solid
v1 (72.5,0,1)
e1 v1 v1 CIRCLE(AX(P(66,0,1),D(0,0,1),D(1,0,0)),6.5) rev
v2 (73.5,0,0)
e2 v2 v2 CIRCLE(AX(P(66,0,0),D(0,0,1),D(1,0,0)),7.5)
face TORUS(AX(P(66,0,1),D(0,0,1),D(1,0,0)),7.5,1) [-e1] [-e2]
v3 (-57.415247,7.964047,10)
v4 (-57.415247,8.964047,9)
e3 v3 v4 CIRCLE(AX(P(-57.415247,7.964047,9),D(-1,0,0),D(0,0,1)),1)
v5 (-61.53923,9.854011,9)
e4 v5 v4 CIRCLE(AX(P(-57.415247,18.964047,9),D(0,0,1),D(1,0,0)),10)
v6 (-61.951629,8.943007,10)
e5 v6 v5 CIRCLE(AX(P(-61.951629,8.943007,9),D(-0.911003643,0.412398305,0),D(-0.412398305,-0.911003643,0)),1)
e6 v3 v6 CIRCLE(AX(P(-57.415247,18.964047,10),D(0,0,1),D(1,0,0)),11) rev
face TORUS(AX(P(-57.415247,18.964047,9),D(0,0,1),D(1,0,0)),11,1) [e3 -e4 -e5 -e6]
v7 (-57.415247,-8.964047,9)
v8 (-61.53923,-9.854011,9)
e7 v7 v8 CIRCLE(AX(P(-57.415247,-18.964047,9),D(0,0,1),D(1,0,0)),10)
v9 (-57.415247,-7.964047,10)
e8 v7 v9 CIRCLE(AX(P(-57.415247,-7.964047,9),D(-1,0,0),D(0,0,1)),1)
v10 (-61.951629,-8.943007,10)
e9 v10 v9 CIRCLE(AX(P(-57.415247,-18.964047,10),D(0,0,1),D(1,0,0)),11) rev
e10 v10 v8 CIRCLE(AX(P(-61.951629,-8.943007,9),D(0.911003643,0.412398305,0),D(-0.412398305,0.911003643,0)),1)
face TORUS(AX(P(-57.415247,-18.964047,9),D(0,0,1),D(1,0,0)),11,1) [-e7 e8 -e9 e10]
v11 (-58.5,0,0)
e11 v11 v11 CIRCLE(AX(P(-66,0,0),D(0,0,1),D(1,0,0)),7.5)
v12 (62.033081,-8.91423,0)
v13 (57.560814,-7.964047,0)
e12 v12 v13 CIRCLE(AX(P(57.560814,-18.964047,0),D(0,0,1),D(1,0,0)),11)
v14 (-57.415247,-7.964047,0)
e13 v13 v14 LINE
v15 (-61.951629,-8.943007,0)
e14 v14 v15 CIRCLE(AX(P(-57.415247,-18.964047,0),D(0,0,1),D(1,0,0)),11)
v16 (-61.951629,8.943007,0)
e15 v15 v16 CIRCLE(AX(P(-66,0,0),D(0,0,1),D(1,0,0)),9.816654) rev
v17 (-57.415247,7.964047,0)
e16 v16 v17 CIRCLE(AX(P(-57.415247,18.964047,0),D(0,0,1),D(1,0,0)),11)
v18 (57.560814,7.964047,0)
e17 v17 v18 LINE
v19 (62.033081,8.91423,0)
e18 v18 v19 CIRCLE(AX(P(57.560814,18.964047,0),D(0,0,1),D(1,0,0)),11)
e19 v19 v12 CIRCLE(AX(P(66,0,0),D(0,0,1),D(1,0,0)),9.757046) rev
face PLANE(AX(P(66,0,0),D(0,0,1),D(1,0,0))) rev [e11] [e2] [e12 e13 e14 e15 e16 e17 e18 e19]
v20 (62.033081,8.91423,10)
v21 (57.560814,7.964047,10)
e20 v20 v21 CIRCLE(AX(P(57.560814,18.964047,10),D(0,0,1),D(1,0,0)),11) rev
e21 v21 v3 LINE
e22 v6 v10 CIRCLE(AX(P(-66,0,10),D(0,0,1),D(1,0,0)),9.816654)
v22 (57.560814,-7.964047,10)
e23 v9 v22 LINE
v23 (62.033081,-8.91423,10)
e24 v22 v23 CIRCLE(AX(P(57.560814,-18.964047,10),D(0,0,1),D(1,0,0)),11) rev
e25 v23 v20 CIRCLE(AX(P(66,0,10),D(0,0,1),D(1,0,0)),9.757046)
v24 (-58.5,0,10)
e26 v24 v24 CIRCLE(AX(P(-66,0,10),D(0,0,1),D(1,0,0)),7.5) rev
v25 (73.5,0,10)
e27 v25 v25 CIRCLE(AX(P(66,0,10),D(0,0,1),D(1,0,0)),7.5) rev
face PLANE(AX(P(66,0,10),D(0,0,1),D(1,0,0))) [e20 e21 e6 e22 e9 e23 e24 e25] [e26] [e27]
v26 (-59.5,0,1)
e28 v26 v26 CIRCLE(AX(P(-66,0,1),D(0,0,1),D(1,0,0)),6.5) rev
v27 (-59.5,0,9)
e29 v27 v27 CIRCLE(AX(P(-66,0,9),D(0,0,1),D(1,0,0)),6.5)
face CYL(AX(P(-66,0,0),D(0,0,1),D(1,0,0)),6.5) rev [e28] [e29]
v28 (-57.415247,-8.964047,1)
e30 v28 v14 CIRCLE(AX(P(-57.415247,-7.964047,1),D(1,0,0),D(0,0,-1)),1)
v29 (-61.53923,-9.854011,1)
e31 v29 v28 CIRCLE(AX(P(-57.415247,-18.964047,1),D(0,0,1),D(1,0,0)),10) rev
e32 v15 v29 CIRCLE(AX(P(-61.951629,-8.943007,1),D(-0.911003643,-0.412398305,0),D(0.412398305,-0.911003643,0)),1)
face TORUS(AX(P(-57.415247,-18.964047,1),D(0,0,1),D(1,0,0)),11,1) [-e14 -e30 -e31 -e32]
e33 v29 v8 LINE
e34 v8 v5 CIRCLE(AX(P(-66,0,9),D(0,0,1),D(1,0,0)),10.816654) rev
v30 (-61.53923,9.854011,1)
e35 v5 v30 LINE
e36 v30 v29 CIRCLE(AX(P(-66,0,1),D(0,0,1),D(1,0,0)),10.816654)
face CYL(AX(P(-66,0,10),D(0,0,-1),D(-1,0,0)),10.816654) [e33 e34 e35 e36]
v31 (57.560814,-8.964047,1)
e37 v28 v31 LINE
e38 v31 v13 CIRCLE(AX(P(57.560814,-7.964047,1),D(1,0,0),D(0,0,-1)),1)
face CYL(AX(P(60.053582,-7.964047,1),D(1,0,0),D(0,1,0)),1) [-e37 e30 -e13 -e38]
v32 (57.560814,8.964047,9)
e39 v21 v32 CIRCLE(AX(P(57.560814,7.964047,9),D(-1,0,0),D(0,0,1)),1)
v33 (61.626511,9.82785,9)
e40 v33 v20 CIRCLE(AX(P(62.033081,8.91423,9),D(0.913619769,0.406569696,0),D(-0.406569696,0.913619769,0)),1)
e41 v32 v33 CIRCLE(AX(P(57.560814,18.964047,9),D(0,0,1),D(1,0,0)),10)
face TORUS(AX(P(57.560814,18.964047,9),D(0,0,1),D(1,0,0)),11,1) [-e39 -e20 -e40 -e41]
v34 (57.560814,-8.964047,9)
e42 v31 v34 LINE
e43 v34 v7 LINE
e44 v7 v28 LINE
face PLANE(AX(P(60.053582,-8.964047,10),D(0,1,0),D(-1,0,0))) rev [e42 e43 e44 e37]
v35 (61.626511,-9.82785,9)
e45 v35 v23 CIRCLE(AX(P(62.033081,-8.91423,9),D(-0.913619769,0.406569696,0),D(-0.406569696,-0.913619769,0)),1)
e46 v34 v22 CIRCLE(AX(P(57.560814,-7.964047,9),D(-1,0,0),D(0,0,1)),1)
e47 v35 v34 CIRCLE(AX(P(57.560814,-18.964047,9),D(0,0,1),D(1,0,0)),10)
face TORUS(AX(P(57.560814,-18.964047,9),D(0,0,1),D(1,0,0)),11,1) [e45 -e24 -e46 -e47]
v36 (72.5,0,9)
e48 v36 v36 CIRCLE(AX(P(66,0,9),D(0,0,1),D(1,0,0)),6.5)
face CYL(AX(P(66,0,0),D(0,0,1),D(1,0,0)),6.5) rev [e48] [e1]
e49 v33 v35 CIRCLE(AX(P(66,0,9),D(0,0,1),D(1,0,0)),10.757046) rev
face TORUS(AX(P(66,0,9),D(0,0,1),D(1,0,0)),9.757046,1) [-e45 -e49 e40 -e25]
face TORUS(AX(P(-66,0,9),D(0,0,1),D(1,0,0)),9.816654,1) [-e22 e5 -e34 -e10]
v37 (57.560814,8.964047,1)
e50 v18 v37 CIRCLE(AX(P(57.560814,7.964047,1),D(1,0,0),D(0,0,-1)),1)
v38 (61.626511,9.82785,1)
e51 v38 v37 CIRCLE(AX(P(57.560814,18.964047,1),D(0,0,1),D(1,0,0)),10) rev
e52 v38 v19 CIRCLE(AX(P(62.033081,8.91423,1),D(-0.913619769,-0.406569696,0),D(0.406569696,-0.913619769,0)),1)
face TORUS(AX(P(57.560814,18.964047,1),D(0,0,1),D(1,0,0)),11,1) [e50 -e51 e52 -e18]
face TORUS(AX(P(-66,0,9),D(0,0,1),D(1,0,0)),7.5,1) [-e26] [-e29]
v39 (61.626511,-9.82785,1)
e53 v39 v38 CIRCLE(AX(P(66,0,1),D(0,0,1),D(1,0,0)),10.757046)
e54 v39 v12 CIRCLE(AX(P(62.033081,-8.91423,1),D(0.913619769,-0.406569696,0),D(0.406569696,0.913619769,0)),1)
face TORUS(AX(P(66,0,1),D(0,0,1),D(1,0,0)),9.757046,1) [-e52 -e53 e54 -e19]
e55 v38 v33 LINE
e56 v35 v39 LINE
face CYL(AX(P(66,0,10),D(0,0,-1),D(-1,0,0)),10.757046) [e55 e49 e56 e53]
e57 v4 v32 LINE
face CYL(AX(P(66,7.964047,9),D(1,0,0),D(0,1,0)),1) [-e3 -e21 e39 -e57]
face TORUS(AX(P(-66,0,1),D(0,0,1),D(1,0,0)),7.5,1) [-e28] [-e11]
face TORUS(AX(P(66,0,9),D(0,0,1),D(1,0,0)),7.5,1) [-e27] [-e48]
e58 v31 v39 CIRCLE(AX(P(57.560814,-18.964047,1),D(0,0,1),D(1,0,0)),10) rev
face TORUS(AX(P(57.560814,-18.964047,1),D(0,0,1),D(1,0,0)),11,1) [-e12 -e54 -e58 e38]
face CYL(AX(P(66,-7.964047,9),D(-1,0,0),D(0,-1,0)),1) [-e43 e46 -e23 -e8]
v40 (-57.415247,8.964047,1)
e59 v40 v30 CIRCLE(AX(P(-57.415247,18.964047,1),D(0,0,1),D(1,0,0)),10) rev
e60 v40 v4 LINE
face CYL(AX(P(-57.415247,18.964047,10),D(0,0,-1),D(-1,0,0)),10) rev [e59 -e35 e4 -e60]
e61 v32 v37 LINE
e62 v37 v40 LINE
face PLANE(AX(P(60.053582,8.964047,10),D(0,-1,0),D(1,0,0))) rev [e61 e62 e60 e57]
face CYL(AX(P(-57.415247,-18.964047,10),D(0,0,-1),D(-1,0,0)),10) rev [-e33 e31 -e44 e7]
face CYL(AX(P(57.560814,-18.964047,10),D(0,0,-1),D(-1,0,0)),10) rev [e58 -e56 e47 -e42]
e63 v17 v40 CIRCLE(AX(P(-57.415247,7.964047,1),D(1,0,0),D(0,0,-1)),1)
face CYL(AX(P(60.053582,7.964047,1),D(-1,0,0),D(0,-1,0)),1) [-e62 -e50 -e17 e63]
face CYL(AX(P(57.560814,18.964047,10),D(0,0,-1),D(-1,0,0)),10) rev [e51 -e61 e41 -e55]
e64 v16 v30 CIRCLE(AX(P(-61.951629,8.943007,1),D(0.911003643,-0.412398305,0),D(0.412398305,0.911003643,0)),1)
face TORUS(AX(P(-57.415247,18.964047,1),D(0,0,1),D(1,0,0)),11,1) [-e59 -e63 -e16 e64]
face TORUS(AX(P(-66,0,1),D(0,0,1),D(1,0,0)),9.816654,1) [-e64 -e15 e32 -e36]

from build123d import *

# Parameters (mm, degrees)
EXTRUDE_1_DEPTH     = 10
SKETCH_2_R          = 6.5
CUT_EXTRUDE_1_DEPTH = 79.216355739
FILLET_1_R          = 10
FILLET_2_R          = 1


with BuildPart() as part:
    # 草图1 → 凸台-拉伸1 (new body)
    with BuildSketch(Plane.XY):
        with BuildLine():
            Line((60.053581818, -8.964047477), (-59.946418182, -8.964047477))
            ThreePointArc((-59.946418182, -8.964047477), (-76.816653826, 0), (-59.946418182, 8.964047477))
            Line((-59.946418182, 8.964047477), (60.053581818, 8.964047477))
            ThreePointArc((60.053581818, 8.964047477), (76.757045894, 0), (60.053581818, -8.964047477))
        make_face()
    extrude(amount=EXTRUDE_1_DEPTH)

    # 草图2 → 切除-拉伸1 (cut, through all)
    with BuildSketch(Plane.XY.offset(10)):
        with Locations((-66, 0)):
            Circle(SKETCH_2_R)
        with Locations((66, 0)):
            Circle(SKETCH_2_R)
    extrude(amount=-CUT_EXTRUDE_1_DEPTH, mode=Mode.SUBTRACT)

    # 圆角1
    fillet_1_edges = [part.edges().sort_by_distance(p)[0] for p in [
        (60.053581818, -8.964047477, 5),
        (-59.946418182, -8.964047477, 5),
        (-59.946418182, 8.964047477, 5),
        (60.053581818, 8.964047477, 5),
    ]]
    fillet(fillet_1_edges, radius=FILLET_1_R)

    # 圆角2
    fillet_2_edges = [part.edges().sort_by_distance(p)[0] for p in [
        (59.5, 0, 0),
        (59.5, 0, 10),
        (-72.5, 0, 0),
        (-72.5, 0, 10),
        (76.757045894, 0, 0),
        (76.757045894, 0, 10),
        (0.072783459, -8.964047477, 0),
        (0.072783459, -8.964047477, 10),
        (-76.816653826, 0, 0),
        (-76.816653826, 0, 10),
        (0.072783459, 8.964047477, 0),
        (0.072783459, 8.964047477, 10),
        (59.639037336, -9.182381543, 0),
        (59.639037336, -9.182381543, 10),
        (-59.524706381, -9.189070129, 0),
        (-59.524706381, -9.189070129, 10),
        (59.639037336, 9.182381543, 0),
        (59.639037336, 9.182381543, 10),
        (-59.524706381, 9.189070129, 0),
        (-59.524706381, 9.189070129, 10),
    ]]
    fillet(fillet_2_edges, radius=FILLET_2_R)


solid = part.part
